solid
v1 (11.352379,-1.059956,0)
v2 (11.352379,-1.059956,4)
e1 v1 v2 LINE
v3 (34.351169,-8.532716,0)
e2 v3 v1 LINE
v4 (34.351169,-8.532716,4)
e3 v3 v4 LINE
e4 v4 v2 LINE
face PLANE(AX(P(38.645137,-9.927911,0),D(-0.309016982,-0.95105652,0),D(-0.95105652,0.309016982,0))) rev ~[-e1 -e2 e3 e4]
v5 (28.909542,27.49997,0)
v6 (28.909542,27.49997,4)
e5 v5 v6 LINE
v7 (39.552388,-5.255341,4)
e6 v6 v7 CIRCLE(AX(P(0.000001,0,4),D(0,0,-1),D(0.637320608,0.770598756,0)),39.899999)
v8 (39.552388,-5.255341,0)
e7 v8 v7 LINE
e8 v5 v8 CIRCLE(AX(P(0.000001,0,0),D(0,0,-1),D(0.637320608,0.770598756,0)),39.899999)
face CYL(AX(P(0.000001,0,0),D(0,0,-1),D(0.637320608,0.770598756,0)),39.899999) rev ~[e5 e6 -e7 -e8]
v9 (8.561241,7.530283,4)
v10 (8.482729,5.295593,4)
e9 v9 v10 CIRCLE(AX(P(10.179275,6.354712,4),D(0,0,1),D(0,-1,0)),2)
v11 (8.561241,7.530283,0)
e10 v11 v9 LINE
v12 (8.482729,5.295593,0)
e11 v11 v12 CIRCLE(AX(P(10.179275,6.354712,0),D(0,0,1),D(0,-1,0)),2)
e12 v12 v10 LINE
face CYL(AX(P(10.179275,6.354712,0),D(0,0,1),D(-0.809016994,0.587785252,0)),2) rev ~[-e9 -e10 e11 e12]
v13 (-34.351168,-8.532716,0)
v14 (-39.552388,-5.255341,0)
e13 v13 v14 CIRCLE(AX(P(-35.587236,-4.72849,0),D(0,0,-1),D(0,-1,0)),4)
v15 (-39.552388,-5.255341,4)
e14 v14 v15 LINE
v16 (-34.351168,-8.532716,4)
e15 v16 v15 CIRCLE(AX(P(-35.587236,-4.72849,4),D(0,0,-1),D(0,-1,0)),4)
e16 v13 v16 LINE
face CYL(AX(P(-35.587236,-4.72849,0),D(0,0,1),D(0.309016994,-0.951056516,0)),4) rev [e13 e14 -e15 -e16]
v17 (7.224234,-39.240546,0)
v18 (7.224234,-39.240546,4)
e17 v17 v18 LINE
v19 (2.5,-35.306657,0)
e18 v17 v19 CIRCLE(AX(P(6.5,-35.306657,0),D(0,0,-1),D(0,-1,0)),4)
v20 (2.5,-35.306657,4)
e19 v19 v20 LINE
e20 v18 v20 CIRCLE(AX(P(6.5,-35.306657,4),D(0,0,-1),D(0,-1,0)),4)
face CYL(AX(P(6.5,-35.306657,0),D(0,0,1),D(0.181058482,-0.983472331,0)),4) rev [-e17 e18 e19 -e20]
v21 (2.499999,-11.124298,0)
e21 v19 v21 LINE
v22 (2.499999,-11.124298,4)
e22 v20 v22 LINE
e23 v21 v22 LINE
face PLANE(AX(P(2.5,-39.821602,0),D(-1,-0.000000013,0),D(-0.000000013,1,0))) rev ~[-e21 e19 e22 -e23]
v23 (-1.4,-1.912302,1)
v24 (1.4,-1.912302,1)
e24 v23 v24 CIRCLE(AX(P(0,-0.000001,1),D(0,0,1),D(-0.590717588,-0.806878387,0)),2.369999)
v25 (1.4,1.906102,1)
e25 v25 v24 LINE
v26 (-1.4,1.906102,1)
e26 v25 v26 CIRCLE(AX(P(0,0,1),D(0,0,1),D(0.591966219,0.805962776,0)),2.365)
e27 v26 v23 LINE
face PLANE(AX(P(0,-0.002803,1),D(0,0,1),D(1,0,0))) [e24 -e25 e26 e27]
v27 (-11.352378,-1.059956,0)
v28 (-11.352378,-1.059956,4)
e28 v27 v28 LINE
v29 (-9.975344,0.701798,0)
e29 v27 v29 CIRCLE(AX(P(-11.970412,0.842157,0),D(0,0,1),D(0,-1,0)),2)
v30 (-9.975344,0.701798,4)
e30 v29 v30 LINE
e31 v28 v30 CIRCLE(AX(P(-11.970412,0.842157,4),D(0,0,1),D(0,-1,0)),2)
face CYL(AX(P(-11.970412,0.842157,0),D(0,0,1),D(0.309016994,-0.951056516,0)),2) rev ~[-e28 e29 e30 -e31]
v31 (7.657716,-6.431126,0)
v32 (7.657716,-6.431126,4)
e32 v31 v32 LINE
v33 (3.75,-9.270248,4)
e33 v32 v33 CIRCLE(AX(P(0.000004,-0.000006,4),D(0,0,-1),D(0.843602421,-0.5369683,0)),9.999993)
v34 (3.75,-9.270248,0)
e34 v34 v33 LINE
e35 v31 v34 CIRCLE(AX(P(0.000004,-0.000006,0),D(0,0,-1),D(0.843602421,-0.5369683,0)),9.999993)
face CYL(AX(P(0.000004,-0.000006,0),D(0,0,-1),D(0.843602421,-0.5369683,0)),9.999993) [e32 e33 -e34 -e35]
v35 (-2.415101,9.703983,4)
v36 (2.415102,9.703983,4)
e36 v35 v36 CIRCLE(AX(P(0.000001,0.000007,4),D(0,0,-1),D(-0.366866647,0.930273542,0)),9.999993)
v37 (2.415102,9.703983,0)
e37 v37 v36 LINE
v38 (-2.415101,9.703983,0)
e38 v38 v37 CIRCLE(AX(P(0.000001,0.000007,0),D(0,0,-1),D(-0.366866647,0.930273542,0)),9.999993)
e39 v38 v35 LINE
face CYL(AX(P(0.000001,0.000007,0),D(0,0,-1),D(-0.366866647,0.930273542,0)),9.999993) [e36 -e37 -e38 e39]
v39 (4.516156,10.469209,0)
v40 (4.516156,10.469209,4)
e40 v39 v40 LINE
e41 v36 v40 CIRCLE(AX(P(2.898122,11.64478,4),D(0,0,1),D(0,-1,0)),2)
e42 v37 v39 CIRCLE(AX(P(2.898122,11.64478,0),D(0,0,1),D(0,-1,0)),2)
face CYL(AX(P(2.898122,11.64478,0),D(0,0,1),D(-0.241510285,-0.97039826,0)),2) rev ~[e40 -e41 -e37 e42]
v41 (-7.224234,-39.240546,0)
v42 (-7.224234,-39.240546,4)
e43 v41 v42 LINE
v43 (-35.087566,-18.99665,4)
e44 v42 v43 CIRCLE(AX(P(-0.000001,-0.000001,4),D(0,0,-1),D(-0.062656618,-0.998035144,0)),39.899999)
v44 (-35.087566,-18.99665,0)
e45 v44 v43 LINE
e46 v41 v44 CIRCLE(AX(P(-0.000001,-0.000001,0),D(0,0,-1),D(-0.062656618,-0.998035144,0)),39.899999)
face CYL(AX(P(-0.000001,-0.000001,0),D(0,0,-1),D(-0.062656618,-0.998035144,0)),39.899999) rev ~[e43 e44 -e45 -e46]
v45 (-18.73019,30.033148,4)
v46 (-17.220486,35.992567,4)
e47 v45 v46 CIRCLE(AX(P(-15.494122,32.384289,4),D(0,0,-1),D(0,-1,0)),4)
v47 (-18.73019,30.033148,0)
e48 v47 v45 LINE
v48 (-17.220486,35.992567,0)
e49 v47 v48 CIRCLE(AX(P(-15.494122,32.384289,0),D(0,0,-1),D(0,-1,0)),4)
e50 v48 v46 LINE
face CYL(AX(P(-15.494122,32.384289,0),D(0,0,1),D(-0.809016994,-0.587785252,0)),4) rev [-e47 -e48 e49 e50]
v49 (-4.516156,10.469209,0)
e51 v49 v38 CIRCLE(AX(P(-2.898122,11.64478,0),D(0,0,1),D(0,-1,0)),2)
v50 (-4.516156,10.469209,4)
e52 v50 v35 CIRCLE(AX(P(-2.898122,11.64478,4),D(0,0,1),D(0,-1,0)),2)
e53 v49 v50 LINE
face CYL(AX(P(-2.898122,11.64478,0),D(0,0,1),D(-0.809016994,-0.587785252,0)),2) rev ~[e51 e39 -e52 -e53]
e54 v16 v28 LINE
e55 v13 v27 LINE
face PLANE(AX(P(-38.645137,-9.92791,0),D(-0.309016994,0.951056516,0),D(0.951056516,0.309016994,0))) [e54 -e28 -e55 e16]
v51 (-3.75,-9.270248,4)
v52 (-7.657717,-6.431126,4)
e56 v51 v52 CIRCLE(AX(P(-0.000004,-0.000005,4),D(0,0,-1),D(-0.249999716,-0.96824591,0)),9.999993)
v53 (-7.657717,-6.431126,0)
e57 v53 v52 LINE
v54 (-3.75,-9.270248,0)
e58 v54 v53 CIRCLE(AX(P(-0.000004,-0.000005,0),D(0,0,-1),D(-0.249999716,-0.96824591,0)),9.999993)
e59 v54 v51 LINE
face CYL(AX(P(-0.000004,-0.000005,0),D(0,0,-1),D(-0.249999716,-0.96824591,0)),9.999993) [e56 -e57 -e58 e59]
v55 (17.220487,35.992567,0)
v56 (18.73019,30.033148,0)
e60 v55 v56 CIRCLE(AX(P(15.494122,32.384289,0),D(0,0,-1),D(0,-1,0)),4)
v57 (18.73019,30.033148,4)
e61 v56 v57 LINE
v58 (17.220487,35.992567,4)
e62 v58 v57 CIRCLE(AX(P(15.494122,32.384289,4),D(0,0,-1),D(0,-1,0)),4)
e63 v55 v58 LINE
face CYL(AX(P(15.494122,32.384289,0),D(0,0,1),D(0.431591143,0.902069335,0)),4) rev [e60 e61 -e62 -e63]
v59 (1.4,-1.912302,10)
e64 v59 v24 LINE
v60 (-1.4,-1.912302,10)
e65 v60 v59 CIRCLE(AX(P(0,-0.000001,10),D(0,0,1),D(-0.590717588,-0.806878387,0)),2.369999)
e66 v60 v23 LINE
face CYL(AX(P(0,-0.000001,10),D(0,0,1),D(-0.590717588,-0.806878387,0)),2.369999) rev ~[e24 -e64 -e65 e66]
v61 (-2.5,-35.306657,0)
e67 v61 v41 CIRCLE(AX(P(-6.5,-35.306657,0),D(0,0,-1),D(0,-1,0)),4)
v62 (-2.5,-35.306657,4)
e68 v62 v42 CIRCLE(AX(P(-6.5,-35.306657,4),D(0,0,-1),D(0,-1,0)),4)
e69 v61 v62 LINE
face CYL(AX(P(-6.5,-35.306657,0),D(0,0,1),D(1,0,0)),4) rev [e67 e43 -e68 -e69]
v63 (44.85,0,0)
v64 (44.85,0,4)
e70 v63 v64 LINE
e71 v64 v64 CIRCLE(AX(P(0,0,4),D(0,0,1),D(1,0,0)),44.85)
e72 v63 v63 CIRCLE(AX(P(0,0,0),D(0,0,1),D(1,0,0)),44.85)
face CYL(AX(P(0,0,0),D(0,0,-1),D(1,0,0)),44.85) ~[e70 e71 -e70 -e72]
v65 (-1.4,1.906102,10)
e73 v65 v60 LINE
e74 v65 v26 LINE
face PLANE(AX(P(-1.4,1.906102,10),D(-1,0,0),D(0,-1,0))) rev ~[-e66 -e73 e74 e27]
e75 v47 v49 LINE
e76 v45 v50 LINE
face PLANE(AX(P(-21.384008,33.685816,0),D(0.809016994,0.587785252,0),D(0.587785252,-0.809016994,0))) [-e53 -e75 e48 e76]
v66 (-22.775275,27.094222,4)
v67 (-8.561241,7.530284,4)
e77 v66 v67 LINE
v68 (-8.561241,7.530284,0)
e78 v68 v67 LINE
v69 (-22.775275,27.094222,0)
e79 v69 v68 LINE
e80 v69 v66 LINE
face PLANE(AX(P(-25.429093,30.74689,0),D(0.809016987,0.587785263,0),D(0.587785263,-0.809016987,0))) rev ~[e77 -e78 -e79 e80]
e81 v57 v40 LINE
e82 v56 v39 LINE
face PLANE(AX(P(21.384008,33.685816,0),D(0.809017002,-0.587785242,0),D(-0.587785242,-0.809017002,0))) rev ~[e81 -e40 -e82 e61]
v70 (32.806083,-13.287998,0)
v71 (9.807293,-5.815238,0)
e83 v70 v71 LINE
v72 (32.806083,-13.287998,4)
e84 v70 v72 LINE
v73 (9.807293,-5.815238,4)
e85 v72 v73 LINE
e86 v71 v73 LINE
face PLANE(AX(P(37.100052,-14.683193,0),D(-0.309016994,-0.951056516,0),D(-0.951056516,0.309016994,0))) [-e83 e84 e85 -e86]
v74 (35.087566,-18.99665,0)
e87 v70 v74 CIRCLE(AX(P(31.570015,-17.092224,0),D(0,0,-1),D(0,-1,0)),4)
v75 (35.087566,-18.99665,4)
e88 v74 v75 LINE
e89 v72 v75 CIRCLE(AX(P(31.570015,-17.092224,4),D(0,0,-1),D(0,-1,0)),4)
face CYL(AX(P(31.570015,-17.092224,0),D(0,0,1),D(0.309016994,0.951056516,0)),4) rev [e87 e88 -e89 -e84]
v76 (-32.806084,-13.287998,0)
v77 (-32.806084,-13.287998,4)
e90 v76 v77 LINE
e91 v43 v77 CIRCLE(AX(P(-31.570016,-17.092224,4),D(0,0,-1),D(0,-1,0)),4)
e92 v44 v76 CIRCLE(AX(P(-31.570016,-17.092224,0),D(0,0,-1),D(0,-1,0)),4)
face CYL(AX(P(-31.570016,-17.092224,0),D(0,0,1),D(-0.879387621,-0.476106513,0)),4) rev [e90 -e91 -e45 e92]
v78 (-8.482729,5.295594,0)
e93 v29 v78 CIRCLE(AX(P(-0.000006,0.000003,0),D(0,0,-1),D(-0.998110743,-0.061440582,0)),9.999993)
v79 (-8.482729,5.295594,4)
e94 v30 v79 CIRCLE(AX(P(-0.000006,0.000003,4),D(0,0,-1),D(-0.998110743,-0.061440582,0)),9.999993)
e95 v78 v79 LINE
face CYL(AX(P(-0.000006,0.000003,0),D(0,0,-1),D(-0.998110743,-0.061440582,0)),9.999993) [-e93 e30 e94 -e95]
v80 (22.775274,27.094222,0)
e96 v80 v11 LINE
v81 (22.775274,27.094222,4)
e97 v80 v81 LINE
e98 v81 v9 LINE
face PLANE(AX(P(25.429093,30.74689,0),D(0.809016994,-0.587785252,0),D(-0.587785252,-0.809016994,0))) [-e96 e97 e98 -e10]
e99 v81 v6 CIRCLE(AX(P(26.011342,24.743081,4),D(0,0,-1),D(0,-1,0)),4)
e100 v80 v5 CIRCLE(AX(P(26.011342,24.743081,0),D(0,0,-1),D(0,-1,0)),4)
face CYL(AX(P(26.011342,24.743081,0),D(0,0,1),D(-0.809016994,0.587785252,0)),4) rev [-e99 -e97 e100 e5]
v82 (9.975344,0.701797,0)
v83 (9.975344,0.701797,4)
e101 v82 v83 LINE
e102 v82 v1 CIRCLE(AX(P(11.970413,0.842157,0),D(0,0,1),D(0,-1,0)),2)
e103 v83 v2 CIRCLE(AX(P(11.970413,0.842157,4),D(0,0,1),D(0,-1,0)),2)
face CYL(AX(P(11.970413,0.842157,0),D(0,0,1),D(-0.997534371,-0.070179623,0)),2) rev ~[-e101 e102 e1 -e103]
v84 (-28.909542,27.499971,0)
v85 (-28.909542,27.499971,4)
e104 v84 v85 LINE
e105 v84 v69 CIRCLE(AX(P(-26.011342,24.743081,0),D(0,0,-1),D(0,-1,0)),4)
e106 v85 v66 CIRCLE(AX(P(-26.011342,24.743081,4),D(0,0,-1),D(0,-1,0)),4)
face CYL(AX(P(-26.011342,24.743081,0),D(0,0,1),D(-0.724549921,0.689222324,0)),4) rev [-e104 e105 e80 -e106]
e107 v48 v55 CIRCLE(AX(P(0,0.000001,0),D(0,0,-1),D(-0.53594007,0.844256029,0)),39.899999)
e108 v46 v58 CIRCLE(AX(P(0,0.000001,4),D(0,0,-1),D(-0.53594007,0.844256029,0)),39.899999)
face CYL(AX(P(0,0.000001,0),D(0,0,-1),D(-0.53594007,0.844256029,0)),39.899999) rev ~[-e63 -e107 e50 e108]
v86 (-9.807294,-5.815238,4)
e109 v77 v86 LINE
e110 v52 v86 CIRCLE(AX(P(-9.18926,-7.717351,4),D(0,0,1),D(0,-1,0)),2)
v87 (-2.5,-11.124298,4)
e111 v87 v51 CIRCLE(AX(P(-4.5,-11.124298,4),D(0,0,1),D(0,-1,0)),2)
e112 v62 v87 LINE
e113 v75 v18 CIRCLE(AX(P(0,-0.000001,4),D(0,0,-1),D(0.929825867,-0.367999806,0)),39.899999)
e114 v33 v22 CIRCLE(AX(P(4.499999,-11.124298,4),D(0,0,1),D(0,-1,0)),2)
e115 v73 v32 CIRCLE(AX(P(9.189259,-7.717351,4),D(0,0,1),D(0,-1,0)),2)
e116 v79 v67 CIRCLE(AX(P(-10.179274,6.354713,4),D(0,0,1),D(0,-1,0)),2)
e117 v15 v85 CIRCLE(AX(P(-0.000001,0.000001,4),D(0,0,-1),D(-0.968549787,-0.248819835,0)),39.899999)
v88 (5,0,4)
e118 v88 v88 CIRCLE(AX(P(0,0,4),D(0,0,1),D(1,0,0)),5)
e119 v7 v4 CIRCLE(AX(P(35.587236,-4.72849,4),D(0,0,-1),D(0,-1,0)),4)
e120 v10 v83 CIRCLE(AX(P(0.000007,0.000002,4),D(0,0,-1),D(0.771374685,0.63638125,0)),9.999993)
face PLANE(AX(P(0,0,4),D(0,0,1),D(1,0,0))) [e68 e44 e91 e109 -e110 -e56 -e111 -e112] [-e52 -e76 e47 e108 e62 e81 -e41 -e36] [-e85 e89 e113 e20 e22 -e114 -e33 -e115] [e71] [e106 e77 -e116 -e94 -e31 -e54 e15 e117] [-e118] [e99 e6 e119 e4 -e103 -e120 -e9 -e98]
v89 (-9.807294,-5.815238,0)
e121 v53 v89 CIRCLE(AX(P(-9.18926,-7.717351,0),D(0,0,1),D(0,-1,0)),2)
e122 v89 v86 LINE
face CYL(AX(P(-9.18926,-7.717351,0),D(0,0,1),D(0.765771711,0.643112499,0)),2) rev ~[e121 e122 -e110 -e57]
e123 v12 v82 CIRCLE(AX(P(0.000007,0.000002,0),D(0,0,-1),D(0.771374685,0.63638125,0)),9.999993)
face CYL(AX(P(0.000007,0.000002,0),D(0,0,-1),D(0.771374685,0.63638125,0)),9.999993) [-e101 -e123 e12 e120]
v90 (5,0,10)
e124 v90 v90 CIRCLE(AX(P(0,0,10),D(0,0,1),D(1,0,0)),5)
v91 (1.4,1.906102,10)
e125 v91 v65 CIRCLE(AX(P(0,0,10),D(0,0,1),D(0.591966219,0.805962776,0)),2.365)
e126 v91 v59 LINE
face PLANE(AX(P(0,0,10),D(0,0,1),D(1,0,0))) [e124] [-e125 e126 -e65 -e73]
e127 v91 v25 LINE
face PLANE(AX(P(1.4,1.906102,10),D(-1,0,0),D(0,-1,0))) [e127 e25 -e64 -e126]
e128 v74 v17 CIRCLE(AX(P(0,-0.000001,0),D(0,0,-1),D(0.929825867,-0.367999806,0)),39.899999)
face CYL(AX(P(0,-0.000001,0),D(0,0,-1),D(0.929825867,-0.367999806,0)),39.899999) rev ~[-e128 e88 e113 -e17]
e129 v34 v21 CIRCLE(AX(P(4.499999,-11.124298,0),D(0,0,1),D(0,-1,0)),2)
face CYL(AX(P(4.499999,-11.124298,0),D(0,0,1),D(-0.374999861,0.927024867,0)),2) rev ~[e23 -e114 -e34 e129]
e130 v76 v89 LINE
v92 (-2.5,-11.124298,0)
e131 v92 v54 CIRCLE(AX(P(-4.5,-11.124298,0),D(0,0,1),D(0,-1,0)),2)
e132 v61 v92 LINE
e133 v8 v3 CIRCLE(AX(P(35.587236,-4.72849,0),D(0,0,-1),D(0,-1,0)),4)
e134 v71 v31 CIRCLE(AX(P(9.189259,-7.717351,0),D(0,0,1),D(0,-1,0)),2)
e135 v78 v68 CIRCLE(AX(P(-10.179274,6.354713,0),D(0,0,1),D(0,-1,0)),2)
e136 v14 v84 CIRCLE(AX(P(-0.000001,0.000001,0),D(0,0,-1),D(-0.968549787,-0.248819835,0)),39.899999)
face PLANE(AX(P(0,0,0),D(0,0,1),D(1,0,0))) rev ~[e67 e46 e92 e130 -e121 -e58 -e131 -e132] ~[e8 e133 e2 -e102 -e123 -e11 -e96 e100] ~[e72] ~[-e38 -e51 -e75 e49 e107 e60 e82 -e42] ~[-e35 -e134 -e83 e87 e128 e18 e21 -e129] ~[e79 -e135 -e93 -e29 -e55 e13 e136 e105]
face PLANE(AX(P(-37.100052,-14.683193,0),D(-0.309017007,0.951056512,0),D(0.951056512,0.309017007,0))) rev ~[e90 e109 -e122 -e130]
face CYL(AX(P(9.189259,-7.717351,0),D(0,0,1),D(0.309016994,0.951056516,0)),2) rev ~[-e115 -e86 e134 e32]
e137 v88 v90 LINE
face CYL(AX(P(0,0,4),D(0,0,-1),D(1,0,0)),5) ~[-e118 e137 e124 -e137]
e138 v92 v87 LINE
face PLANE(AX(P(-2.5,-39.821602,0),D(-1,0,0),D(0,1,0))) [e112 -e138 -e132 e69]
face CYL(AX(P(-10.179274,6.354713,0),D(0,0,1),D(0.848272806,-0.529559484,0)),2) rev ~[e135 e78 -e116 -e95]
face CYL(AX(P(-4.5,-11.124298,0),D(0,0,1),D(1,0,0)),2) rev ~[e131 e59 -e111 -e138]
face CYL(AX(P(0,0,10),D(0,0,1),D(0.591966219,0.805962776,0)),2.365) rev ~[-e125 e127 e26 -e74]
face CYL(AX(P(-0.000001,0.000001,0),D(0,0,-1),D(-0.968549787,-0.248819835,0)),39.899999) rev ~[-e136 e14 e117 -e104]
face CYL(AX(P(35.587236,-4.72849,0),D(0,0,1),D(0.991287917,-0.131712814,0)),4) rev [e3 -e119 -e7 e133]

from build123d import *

# Parameters (mm, degrees)
SKETCH_R           = 44.85
PAD_DEPTH          = 4
POCKET_DEPTH       = 4
POLARPATTERN_COUNT = 5
SKETCH003_R        = 5
PAD001_DEPTH       = 6
POCKET001_DEPTH    = 9
FILLET_R           = 2
FILLET001_R        = 4


with BuildPart() as part:
    # Sketch → Pad (new body)
    with BuildSketch(Plane.XY):
        Circle(SKETCH_R)
    extrude(amount=PAD_DEPTH)

    # Sketch002 (on Face2 of Pad) → Pocket (cut)
    with BuildSketch(Plane(origin=(0, 0, 0), x_dir=(1, 0, 0), z_dir=(0, 0, -1))):
        with BuildLine():
            Line((-2.5, 39.821602), (-2.5, 9.682458))
            ThreePointArc((-2.5, 9.682458), (-5.877853, 8.09017), (-8.436023, 5.369685))
            Line((-37.100052, 14.683193), (-8.436023, 5.369685))
            ThreePointArc((-2.5, 39.821602), (-23.452632, 32.279778), (-37.100052, 14.683193))
        make_face()
    pocket = extrude(amount=-POCKET_DEPTH, mode=Mode.SUBTRACT)

    # PolarPattern: Pocket ×5 about axis
    polarpattern_axis = Axis((0, 0, 0), (0, 0, -1))
    for i in range(1, POLARPATTERN_COUNT):
        add(pocket.rotate(polarpattern_axis, i * 360 / POLARPATTERN_COUNT), mode=Mode.SUBTRACT)

    # Sketch003 (on Face3 of PolarPattern) → Pad001 (join)
    with BuildSketch(Plane.XY.offset(4)):
        Circle(SKETCH003_R)
    extrude(amount=PAD001_DEPTH)

    # Sketch004 (on Face25 of Pad001) → Pocket001 (cut)
    with BuildSketch(Plane.XY.offset(10)):
        with BuildLine():
            Line((-1.4, 1.906102), (-1.4, -1.912302))
            ThreePointArc((-1.4, -1.912302), (0, -2.37), (1.4, -1.912302))
            Line((1.4, 1.906102), (1.4, -1.912302))
            ThreePointArc((1.4, 1.906102), (0, 2.365), (-1.4, 1.906102))
        make_face()
    extrude(amount=-POCKET001_DEPTH, mode=Mode.SUBTRACT)

    # Fillet
    fillet_edges = [part.edges().sort_by_distance(p)[0] for p in [
        (-3.668664, 9.302736, 2),
        (3.668664, 9.302736, 2),
        (-7.713749, 6.36381, 2),
        (-9.981108, -0.614403, 2),
        (-8.436023, -5.369685, 2),
        (2.5, -9.682458, 2),
        (8.436023, -5.369685, 2),
        (-2.5, -9.682458, 2),
        (9.981108, -0.614403, 2),
        (7.713749, 6.36381, 2),
    ]]
    fillet(fillet_edges, radius=FILLET_R)

    # Fillet001
    fillet001_edges = [part.edges().sort_by_distance(p)[0] for p in [
        (-38.645137, -9.927911, 2),
        (-25.429093, 30.74689, 2),
        (21.384008, 33.685816, 2),
        (37.100052, -14.683193, 2),
        (-2.5, -39.821602, 2),
        (-37.100052, -14.683193, 2),
        (2.5, -39.821602, 2),
        (25.429093, 30.74689, 2),
        (38.645137, -9.927911, 2),
        (-21.384008, 33.685816, 2),
    ]]
    fillet(fillet001_edges, radius=FILLET001_R)


solid = part.part
